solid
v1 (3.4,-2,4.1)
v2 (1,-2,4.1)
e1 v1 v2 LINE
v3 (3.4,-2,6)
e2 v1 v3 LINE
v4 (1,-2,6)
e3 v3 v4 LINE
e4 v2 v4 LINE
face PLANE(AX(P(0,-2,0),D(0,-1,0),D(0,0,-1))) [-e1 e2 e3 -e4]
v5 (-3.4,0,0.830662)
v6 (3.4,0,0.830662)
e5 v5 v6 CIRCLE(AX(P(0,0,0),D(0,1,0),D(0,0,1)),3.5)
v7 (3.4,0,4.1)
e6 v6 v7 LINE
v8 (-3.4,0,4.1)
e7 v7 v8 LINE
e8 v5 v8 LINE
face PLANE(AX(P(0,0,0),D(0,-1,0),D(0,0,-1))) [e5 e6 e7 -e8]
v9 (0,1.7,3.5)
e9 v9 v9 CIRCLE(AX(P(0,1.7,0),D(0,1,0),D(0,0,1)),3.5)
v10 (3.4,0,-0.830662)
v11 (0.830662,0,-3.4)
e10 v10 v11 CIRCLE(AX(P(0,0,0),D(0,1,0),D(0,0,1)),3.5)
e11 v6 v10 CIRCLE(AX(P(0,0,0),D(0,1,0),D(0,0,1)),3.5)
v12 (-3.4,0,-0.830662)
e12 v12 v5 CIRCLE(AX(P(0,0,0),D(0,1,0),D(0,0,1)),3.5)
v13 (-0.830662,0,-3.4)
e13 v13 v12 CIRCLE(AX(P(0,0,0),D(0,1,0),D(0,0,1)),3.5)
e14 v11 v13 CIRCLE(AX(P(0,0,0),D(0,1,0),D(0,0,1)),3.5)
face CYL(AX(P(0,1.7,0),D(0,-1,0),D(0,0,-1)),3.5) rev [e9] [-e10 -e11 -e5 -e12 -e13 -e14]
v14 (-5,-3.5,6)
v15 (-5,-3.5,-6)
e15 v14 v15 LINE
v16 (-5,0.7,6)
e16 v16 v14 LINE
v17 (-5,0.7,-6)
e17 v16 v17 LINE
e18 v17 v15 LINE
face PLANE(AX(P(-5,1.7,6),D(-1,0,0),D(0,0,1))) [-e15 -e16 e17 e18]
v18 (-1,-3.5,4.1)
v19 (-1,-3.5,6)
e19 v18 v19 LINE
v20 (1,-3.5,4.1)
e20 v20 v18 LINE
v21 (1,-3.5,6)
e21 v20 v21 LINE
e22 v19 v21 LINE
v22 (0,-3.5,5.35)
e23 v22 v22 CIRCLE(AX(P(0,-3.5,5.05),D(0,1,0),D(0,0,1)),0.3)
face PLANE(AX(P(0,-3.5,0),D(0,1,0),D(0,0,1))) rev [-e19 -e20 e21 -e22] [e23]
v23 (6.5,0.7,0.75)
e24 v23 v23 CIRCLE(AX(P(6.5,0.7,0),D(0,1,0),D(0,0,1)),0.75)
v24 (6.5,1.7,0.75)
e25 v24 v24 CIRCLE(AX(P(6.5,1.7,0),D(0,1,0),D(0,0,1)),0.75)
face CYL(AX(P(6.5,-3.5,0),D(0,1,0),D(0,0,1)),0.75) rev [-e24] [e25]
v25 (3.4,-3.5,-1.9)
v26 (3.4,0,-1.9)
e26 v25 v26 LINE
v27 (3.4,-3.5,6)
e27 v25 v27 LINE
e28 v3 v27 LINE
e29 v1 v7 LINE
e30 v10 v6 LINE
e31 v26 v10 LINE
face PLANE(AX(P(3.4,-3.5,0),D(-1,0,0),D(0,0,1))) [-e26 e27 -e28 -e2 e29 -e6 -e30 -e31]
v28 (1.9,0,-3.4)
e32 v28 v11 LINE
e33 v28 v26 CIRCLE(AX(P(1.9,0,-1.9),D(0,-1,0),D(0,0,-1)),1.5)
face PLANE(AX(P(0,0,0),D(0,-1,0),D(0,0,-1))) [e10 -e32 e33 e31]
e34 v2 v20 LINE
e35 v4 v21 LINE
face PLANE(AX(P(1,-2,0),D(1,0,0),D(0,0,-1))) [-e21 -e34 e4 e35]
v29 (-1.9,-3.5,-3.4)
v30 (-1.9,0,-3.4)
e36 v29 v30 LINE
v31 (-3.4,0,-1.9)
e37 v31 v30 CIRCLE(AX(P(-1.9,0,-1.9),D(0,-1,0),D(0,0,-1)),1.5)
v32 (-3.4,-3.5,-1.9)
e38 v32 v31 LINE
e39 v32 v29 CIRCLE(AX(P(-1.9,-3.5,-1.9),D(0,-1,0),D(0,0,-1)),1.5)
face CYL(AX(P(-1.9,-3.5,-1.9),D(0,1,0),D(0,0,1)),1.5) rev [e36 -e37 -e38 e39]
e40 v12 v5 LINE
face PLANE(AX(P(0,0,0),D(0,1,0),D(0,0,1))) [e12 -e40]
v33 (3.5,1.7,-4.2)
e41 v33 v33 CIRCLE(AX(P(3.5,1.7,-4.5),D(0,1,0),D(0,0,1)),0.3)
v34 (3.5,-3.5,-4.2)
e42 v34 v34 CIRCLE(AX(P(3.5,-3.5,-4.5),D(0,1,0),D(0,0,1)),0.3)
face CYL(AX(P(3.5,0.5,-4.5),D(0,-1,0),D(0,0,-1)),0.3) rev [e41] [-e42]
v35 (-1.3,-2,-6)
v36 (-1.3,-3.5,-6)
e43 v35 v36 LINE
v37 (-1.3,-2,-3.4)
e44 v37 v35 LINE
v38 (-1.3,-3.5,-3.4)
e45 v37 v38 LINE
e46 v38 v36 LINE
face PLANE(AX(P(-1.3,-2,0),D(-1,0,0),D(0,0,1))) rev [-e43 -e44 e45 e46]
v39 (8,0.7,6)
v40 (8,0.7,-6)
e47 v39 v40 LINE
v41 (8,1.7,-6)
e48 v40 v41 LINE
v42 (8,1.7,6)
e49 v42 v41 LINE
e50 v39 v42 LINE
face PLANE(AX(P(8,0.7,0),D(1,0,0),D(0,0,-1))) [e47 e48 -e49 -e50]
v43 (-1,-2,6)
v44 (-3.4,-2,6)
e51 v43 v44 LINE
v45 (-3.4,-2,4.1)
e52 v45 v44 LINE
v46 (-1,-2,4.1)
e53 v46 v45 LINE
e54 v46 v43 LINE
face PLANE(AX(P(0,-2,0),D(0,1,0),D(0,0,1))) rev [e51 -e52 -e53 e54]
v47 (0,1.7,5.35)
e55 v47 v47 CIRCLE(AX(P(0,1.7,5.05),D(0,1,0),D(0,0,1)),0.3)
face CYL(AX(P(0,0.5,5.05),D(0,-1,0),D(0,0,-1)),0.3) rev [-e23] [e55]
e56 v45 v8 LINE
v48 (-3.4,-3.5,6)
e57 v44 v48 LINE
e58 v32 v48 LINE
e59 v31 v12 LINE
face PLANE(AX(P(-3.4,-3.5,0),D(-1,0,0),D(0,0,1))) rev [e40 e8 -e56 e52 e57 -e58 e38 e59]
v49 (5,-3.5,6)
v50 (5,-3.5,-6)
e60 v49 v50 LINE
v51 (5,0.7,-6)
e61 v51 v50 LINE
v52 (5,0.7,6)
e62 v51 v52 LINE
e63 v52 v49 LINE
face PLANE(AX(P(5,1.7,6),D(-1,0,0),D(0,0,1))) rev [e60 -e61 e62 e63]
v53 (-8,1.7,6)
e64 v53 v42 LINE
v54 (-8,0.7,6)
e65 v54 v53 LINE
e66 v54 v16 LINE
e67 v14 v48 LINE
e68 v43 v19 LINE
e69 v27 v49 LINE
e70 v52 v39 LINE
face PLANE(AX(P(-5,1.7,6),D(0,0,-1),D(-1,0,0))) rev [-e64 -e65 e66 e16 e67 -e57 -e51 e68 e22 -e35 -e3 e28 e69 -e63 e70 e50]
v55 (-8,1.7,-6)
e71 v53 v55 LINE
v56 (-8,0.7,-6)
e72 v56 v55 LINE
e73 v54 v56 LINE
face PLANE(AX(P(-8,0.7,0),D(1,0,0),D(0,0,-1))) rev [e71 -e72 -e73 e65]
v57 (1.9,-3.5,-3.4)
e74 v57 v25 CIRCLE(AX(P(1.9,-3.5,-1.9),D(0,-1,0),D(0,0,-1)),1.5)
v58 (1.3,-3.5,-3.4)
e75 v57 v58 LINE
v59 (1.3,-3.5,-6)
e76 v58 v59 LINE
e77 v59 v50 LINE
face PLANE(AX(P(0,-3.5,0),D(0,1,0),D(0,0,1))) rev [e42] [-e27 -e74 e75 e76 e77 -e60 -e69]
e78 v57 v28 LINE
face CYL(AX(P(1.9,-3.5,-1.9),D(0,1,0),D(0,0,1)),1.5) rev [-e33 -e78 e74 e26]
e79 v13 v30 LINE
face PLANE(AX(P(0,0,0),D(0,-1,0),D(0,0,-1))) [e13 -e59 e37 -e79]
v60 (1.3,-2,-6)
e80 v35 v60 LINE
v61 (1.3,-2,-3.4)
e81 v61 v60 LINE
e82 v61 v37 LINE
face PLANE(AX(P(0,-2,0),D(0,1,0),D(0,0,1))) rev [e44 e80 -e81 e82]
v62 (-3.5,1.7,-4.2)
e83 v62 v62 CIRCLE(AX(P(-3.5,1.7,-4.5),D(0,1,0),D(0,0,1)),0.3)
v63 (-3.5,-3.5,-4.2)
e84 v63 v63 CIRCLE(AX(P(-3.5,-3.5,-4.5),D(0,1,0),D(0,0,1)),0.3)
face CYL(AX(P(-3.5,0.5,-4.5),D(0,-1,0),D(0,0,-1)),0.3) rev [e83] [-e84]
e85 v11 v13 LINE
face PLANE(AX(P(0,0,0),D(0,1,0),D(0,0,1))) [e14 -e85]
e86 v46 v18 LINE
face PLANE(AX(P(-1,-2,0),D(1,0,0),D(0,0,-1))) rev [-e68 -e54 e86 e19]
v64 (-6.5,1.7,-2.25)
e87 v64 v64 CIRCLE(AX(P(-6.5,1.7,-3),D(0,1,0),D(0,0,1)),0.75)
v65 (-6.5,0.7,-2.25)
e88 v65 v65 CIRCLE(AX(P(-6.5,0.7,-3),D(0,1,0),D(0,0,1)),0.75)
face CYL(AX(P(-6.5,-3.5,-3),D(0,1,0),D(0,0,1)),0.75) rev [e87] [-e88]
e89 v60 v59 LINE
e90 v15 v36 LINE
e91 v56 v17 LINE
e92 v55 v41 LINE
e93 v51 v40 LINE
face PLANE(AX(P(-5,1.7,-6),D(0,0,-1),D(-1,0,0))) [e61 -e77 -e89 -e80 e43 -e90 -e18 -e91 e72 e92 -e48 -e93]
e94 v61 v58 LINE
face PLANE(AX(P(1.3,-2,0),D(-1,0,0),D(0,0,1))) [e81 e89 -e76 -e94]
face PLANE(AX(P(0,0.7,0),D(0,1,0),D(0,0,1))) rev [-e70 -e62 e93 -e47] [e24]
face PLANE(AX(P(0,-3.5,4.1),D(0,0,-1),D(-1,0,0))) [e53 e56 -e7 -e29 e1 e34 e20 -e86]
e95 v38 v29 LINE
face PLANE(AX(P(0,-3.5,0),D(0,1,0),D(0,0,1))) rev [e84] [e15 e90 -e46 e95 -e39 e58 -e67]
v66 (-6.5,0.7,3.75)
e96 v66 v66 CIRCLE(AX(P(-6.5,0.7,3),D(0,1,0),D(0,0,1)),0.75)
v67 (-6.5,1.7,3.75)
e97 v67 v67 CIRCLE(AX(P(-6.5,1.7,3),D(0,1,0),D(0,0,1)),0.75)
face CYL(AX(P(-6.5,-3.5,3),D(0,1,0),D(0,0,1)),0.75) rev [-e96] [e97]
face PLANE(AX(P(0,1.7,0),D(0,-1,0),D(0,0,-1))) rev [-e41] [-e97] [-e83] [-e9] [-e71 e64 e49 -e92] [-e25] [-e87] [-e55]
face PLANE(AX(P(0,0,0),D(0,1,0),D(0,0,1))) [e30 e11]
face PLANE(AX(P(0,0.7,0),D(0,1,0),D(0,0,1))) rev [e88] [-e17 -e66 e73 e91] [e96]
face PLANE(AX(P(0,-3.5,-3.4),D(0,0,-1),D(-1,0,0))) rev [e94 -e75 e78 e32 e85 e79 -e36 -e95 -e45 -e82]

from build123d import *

# Parameters (mm, degrees)
SKETCH_1_W          = 10
SKETCH_1_H          = 12
SKETCH_1_R          = 3.5
EXTRUDE_1_DEPTH     = 1.7
SKETCH_4_W          = 10
SKETCH_4_H          = 12
EXTRUDE_2_DEPTH     = 3.5
EXTRUDE_START       = -1.7
SKETCH_4_4_W        = 3
SKETCH_4_4_H        = 12
EXTRUDE_3_DEPTH     = 1
CUT_EXTRUDE_START   = 3.5
SKETCH_4_3_W        = 2.4
SKETCH_4_3_H        = 1.9
CUT_EXTRUDE_2_DEPTH = 1.5
CUT_EXTRUDE_START_2 = -5.2
SKETCH_5_R          = 0.3
CUT_EXTRUDE_5_DEPTH = 4
SKETCH_5_6_R        = 0.3
SKETCH_5_6_R_2      = 0.75
CUT_EXTRUDE_6_DEPTH = 12.271202243


with BuildPart() as part:
    # 草图1 → 凸台-拉伸1 (new body)
    with BuildSketch(Plane(origin=(0, 0, 0), x_dir=(1, 0, 0), z_dir=(0, 1, 0))):
        Rectangle(SKETCH_1_W, SKETCH_1_H)
        with Locations(Location((0, 0, 0), (0, 0, 270))):
            Circle(SKETCH_1_R, mode=Mode.SUBTRACT)
    extrude(amount=EXTRUDE_1_DEPTH)

    # 草图4 → 凸台-拉伸2 (add)
    with BuildSketch(Plane.XZ):
        Rectangle(SKETCH_4_W, SKETCH_4_H)
        with BuildLine():
            Line((3.4, 4.1), (3.4, -1.9))
            ThreePointArc((3.4, -1.9), (2.960660172, -2.960660172), (1.9, -3.4))
            Line((1.9, -3.4), (-1.9, -3.4))
            ThreePointArc((-1.9, -3.4), (-2.960660172, -2.960660172), (-3.4, -1.9))
            Line((-3.4, -1.9), (-3.4, 4.1))
            Line((-3.4, 4.1), (3.4, 4.1))
        make_face(mode=Mode.SUBTRACT)
    extrude(amount=EXTRUDE_2_DEPTH)

    # 草图4<4> → 凸台-拉伸3 (add)
    with BuildSketch(Plane.XZ.offset(EXTRUDE_START)):
        with Locations((-6.5, 0)):
            Rectangle(SKETCH_4_4_W, SKETCH_4_4_H)
        with Locations((6.5, 0)):
            Rectangle(SKETCH_4_4_W, SKETCH_4_4_H)
    extrude(amount=EXTRUDE_3_DEPTH)

    # 草图4<3> → 切除-拉伸2 (cut)
    with BuildSketch(Plane.XZ.offset(CUT_EXTRUDE_START)):
        with Locations((-2.2, 5.05)):
            Rectangle(SKETCH_4_3_W, SKETCH_4_3_H)
        with Locations((2.2, 5.05)):
            Rectangle(SKETCH_4_3_W, SKETCH_4_3_H)
        with BuildLine():
            Line((1.3, -6), (1.3, -3.4))
            Line((1.3, -3.4), (0.830662386, -3.4))
            ThreePointArc((0.830662386, -3.4), (0, -3.5), (-0.830662386, -3.4))
            Line((-0.830662386, -3.4), (-1.3, -3.4))
            Line((-1.3, -3.4), (-1.3, -6))
            Line((-1.3, -6), (1.3, -6))
        make_face()
        with BuildLine():
            ThreePointArc((-0.830662386, -3.4), (0, -3.5), (0.830662386, -3.4))
            Line((0.830662386, -3.4), (-0.830662386, -3.4))
        make_face()
    extrude(amount=-CUT_EXTRUDE_2_DEPTH, mode=Mode.SUBTRACT)

    # 草图5 → 切除-拉伸5 (cut)
    with BuildSketch(Plane(origin=(0, 1.7, 0), x_dir=(1, 0, 0), z_dir=(0, 1, 0)).offset(CUT_EXTRUDE_START_2)):
        with Locations(Location((3.5, 4.5, 0), (0, 0, 270))):
            Circle(SKETCH_5_R)
        with Locations(Location((-3.5, 4.5, 0), (0, 0, 270))):
            Circle(SKETCH_5_R)
        with Locations(Location((0, -5.05, 0), (0, 0, 270))):
            Circle(SKETCH_5_R)
    extrude(amount=CUT_EXTRUDE_5_DEPTH, mode=Mode.SUBTRACT)

    # 草图5<6> → 切除-拉伸6 (cut, through all)
    with BuildSketch(Plane(origin=(0, 1.7, 0), x_dir=(1, 0, 0), z_dir=(0, 1, 0))):
        with Locations(Location((3.5, 4.5, 0), (0, 0, 270))):
            Circle(SKETCH_5_6_R)
        with Locations(Location((-3.5, 4.5, 0), (0, 0, 270))):
            Circle(SKETCH_5_6_R)
        with Locations(Location((0, -5.05, 0), (0, 0, 270))):
            Circle(SKETCH_5_6_R)
        with Locations(Location((6.5, 0, 0), (0, 0, 270))):
            Circle(SKETCH_5_6_R_2)
        with Locations(Location((-6.5, 3, 0), (0, 0, 270))):
            Circle(SKETCH_5_6_R_2)
        with Locations(Location((-6.5, -3, 0), (0, 0, 270))):
            Circle(SKETCH_5_6_R_2)
    extrude(amount=-CUT_EXTRUDE_6_DEPTH, mode=Mode.SUBTRACT)


solid = part.part
